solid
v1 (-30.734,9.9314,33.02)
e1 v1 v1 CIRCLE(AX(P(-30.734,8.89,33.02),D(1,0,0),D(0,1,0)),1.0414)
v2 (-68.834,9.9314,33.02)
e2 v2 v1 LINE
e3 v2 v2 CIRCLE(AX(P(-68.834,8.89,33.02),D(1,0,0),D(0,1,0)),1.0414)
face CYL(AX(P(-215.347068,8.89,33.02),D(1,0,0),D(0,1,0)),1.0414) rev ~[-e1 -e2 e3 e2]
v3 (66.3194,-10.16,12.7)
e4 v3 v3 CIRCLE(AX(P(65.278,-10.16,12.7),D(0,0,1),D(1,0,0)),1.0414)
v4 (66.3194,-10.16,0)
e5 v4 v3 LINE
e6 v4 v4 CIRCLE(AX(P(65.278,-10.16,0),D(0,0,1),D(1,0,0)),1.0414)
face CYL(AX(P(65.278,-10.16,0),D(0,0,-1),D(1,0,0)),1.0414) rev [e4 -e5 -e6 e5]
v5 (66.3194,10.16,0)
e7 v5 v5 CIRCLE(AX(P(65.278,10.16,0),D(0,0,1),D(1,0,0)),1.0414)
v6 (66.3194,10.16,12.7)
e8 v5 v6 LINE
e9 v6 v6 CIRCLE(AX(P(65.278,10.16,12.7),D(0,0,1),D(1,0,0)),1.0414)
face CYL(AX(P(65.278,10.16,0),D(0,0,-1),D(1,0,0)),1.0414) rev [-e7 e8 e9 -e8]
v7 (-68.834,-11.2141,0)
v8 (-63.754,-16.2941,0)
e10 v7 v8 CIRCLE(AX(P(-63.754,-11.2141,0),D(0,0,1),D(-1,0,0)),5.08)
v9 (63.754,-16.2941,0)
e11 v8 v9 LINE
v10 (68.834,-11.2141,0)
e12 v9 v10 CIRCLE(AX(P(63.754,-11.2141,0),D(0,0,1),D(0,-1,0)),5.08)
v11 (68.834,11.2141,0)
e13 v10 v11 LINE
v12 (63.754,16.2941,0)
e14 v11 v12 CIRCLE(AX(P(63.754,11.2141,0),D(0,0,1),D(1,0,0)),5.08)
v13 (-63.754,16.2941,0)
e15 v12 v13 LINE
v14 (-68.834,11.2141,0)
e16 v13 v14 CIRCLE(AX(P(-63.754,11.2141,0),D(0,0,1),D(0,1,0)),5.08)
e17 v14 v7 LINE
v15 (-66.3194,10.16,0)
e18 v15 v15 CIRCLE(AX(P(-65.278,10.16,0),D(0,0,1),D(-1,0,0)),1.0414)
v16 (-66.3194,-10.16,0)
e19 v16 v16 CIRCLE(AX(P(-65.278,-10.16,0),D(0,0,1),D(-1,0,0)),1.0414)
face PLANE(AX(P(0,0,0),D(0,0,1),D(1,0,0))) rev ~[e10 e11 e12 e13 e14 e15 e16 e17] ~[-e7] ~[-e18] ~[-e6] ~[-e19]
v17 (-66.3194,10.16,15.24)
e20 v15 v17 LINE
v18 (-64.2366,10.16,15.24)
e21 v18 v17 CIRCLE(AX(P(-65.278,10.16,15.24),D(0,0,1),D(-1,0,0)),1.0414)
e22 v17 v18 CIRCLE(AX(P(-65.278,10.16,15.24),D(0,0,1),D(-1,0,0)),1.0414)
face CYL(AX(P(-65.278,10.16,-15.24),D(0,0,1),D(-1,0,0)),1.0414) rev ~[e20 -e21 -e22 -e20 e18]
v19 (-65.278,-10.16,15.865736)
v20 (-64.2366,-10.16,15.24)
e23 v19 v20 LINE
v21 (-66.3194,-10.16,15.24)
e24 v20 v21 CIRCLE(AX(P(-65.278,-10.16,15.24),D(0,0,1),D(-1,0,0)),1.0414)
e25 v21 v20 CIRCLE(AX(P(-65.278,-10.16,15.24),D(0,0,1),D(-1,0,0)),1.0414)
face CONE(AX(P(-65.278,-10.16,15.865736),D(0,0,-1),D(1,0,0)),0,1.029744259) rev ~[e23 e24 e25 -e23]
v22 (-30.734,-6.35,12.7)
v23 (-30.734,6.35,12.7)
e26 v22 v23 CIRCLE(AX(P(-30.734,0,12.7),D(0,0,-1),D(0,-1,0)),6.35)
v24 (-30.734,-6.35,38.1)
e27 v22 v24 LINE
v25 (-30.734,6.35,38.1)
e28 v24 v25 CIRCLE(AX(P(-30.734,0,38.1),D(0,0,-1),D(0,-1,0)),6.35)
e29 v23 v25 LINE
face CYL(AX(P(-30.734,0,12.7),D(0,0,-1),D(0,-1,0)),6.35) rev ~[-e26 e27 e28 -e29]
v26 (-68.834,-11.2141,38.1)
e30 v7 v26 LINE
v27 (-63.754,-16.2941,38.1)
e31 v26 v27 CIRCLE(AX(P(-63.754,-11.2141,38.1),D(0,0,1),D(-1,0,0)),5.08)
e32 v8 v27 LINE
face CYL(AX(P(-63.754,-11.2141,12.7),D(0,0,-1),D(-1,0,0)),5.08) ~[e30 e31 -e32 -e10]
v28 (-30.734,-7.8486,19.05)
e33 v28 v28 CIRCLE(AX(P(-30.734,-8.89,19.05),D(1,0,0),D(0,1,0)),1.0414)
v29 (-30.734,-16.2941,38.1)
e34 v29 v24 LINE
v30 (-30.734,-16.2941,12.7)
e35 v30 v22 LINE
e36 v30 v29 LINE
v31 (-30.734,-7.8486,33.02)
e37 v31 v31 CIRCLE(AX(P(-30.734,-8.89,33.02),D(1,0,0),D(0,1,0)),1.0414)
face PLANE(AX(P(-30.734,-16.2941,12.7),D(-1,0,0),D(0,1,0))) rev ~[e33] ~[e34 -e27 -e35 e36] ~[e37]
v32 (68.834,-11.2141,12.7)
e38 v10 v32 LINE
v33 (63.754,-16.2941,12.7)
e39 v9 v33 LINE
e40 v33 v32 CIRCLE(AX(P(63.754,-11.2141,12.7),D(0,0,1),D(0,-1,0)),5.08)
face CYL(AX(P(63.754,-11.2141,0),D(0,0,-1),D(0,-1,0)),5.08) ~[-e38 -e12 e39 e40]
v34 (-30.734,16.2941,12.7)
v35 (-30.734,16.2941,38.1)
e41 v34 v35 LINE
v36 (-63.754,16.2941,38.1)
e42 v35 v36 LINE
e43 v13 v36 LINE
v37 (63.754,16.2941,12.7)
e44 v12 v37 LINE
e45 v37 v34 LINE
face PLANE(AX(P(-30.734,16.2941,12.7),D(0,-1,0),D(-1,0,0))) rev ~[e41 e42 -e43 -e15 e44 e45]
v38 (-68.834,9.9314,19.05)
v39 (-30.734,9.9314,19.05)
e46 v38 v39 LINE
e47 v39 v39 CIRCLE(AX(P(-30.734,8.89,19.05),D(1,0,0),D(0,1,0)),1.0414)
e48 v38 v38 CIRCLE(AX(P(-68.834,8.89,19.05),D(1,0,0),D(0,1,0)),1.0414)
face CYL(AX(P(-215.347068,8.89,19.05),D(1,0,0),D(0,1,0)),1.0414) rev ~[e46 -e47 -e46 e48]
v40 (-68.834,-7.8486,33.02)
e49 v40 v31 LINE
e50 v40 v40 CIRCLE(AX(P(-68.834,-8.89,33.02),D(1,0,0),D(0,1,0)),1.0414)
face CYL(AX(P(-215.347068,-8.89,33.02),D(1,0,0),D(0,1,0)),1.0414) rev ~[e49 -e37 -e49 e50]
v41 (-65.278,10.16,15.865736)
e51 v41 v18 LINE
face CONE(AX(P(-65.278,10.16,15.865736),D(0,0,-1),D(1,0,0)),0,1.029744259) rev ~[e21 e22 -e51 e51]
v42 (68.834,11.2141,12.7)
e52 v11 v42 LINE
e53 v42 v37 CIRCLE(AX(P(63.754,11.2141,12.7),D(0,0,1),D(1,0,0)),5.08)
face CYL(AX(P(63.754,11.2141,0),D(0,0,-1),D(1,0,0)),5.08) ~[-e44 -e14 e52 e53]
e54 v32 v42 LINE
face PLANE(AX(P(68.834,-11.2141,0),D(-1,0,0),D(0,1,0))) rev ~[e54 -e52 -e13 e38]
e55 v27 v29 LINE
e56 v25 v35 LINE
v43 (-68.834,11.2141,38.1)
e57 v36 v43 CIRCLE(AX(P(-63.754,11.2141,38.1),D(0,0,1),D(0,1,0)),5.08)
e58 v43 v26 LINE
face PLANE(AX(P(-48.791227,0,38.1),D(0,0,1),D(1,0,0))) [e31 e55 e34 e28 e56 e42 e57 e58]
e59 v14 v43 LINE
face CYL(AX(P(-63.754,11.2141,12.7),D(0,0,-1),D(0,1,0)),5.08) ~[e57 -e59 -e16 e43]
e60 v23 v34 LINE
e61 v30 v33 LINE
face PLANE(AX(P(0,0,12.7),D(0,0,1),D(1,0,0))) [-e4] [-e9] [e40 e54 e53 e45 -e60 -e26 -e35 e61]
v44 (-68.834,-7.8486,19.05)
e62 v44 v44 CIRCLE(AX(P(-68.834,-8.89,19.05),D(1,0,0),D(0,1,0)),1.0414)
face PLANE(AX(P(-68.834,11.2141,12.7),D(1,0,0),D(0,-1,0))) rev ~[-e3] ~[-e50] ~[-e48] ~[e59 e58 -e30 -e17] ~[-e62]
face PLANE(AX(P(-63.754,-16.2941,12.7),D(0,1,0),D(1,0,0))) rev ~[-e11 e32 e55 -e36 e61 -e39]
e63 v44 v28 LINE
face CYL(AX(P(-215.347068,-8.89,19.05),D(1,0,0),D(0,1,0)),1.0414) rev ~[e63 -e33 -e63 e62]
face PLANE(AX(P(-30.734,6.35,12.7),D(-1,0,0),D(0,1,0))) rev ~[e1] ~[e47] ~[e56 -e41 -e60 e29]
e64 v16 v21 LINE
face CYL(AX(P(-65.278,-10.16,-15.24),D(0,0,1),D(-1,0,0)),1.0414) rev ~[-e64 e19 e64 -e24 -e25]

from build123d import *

# Parameters (mm, degrees)
F0_R     = 1.0414
F1_DEPTH = 12.7
F3_DEPTH = 25.4
F5_D     = 2.0828
F7_D     = 2.0828
F7_DEPTH = 15.24
F7_TIP   = 0.6257362487


with BuildPart() as f1:
    # F0 (on Top) → F1 (new body)
    with BuildSketch(Plane.XY):
        with BuildLine():
            ThreePointArc((-68.834, -11.2141), (-67.3461024484, -14.8062024484), (-63.754, -16.2941))
            Line((-63.754, -16.2941), (63.754, -16.2941))
            ThreePointArc((63.754, -16.2941), (67.3461024484, -14.8062024484), (68.834, -11.2141))
            Line((68.834, -11.2141), (68.834, 11.2141))
            ThreePointArc((68.834, 11.2141), (67.3461024484, 14.8062024484), (63.754, 16.2941))
            Line((63.754, 16.2941), (-63.754, 16.2941))
            ThreePointArc((-63.754, 16.2941), (-67.3461024484, 14.8062024484), (-68.834, 11.2141))
            Line((-68.834, 11.2141), (-68.834, -11.2141))
        make_face()
        with Locations((65.278, -10.16)):
            Circle(F0_R, mode=Mode.SUBTRACT)
        with Locations((65.278, 10.16)):
            Circle(F0_R, mode=Mode.SUBTRACT)
    extrude(amount=F1_DEPTH)

    # F2 (on face) → F3 (join)
    with BuildSketch(Plane.XY.offset(12.7)):
        with BuildLine():
            Line((-30.734, 16.2941), (-63.754, 16.2941))
            ThreePointArc((-63.754, 16.2941), (-67.3461024484, 14.8062024484), (-68.834, 11.2141))
            Line((-68.834, 11.2141), (-68.834, -11.2141))
            ThreePointArc((-68.834, -11.2141), (-67.3461024484, -14.8062024484), (-63.754, -16.2941))
            Line((-63.754, -16.2941), (-30.734, -16.2941))
            Line((-30.734, -16.2941), (-30.734, -6.35))
            ThreePointArc((-30.734, -6.35), (-37.084, 0), (-30.734, 6.35))
            Line((-30.734, 6.35), (-30.734, 16.2941))
        make_face()
    extrude(amount=F3_DEPTH)

    # F5 (through all)
    with Locations(Plane(origin=(-68.834, 0, 0), x_dir=(0, -1, 0), z_dir=(-1, 0, 0))):
        with Locations((-8.89, 33.02), (-8.89, 19.05), (8.89, 33.02), (8.89, 19.05)):
            Hole(F5_D / 2)

    # F7
    with Locations(Plane(origin=(0, 0, 0), x_dir=(1, 0, 0), z_dir=(0, 0, -1))):
        with Locations((-65.278, 10.16), (-65.278, -10.16)):
            Hole(F7_D / 2, depth=F7_DEPTH)
            with Locations((0, 0, -(F7_DEPTH + F7_TIP / 2))):  # 118° drill point
                Cone(0, F7_D / 2, F7_TIP, mode=Mode.SUBTRACT)


solid = f1.part
